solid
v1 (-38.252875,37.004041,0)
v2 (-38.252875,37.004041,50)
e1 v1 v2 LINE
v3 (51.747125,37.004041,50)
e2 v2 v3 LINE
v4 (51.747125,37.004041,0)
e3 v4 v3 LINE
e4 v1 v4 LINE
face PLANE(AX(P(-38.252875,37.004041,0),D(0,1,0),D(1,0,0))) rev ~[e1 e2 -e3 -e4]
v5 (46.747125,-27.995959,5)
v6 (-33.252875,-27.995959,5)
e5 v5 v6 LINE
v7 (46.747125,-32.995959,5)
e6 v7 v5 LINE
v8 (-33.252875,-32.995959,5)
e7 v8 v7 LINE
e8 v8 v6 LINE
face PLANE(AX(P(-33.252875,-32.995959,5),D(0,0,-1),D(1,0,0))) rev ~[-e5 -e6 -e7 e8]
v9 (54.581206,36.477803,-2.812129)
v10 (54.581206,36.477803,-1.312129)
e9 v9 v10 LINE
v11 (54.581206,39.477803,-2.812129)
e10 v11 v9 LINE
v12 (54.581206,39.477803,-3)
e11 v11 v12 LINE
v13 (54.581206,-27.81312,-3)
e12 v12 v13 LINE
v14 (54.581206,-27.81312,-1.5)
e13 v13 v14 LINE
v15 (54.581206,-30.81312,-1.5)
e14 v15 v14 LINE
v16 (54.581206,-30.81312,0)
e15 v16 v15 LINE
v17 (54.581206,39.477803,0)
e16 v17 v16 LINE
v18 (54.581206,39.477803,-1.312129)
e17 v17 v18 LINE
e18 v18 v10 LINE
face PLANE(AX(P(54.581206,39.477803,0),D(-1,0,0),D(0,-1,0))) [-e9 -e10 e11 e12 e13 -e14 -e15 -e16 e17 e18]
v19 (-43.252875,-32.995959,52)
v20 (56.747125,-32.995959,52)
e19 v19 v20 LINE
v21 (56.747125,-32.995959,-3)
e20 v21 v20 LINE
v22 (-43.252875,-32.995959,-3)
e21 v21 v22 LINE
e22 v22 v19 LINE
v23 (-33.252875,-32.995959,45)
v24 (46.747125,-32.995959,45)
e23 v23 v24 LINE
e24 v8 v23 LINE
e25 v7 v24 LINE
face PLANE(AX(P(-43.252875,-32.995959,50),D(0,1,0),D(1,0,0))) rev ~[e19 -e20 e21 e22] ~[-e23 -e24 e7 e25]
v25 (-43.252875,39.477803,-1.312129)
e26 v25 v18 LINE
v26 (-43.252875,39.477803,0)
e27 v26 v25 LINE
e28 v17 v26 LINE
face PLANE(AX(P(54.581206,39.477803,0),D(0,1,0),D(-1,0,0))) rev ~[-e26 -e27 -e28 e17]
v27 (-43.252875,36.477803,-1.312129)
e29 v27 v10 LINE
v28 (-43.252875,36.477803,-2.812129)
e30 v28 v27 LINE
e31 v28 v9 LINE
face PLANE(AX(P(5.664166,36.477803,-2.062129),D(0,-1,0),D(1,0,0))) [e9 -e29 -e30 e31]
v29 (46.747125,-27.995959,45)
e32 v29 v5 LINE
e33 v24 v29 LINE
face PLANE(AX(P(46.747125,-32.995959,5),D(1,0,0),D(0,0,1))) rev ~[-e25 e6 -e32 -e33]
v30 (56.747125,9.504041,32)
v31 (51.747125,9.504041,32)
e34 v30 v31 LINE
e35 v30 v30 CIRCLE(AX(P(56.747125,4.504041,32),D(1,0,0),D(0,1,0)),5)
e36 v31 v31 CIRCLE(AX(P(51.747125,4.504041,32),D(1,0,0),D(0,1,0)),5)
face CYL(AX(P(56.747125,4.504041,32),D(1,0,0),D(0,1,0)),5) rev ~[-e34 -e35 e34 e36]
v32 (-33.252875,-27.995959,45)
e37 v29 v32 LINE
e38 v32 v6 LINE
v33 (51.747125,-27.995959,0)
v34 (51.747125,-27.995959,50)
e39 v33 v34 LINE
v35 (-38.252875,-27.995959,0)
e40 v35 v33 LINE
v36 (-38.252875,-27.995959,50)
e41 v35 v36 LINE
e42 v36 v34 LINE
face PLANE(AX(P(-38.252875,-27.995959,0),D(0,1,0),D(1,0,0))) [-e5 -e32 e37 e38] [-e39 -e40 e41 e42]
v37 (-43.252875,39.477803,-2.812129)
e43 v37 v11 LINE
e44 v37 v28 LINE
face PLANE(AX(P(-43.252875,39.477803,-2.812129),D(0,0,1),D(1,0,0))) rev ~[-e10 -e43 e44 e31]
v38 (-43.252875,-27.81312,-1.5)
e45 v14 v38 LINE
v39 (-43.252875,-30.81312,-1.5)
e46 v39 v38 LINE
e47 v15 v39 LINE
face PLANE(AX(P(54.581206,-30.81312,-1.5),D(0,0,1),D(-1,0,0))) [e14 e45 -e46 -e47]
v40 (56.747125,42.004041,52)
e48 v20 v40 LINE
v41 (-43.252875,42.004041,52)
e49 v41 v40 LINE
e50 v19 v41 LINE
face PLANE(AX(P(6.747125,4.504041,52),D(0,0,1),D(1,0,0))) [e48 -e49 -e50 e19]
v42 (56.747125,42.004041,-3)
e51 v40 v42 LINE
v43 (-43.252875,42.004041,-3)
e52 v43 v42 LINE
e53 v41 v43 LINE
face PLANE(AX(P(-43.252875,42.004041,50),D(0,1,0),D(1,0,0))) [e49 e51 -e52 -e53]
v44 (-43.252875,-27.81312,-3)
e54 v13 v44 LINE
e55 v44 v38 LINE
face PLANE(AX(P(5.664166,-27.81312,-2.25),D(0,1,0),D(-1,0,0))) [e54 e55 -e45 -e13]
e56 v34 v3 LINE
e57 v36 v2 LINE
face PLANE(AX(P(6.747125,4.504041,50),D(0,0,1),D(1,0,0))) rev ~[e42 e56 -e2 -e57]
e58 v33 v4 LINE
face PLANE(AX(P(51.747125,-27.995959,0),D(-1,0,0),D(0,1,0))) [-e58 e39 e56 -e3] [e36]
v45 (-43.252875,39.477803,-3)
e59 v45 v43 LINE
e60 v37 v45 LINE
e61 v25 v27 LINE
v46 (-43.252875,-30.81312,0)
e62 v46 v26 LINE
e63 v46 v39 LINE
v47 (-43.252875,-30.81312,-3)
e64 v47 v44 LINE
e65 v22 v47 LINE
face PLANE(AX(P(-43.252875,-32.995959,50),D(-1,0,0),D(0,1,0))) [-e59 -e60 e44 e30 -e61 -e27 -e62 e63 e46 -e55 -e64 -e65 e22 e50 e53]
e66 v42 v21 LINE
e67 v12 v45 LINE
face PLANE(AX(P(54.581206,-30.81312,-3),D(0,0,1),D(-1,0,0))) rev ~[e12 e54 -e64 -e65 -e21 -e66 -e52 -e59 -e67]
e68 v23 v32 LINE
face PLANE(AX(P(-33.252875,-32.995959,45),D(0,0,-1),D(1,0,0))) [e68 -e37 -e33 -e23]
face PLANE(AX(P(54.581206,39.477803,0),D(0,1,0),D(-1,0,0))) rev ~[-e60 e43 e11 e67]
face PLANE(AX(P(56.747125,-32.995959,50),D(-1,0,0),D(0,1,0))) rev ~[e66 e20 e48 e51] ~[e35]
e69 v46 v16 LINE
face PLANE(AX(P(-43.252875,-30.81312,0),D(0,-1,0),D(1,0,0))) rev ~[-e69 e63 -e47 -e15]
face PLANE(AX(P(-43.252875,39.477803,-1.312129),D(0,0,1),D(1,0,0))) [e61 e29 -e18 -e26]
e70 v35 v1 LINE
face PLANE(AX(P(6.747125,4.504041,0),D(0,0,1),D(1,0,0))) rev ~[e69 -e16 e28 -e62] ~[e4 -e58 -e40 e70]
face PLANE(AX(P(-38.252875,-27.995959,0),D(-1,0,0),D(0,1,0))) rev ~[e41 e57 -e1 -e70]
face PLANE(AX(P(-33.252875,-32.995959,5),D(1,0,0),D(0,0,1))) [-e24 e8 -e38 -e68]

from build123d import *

# Parameters (mm, degrees)
F0_W      = 100
F0_H      = 75
F0_W_2    = 90
F0_H_2    = 65
F1_DEPTH  = 50
F2_W      = 2.1659184247
F2_H      = 70.2909231186
F3_DEPTH  = 3
F5_W      = 97.8340815753
F5_H      = 1.5
F6_DEPTH  = 3
F7_W      = 97.8340815753
F7_H      = 1.5
F8_DEPTH  = 3
F9_W      = 100
F9_H      = 75
F9_W_2    = 90
F9_H_2    = 65
F10_DEPTH = 2
F11_W     = 80
F11_H     = 40
F12_DEPTH = 25
F13_R     = 5
F14_DEPTH = 25


with BuildPart() as f1:
    # F0 (on Top) → F1 (new body)
    with BuildSketch(Plane.XY):
        with Locations((6.7471247166, 4.5040409956)):
            Rectangle(F0_W, F0_H)
        with Locations((6.7471247166, 4.5040409956)):
            Rectangle(F0_W_2, F0_H_2, mode=Mode.SUBTRACT)
    extrude(amount=F1_DEPTH)

    # F2 (on face) → F3 (join)
    with BuildSketch(Plane(origin=(0, 0, 0), x_dir=(1, 0, 0), z_dir=(0, 0, -1))):
        Polygon((56.7471247166, 32.9959590044), (-43.2528752834, 32.9959590044), (-43.2528752834, 30.8131203055), (54.5812062919, 30.8131203055), (56.7471247166, 30.8131203055), align=None)
        with Locations((55.6641655043, -4.3323412538)):
            Rectangle(F2_W, F2_H)
        Polygon((54.5812062919, -39.4778028131), (-43.2528752834, -39.4778028131), (-43.2528752834, -42.0040409956), (56.7471247166, -42.0040409956), (56.7471247166, -39.4778028131), align=None)
    extrude(amount=F3_DEPTH)

    # F5 (on face) → F6 (join)
    with BuildSketch(Plane(origin=(0, -30.8131203055, 0), x_dir=(-1, 0, 0), z_dir=(0, 1, 0))):
        with Locations((-5.6641655043, -2.25)):
            Rectangle(F5_W, F5_H)
    extrude(amount=F6_DEPTH)

    # F7 (on face) → F8 (join)
    with BuildSketch(Plane.XZ.offset(-39.4778028131)):
        with Locations((5.6641655043, -2.0621294)):
            Rectangle(F7_W, F7_H)
    extrude(amount=F8_DEPTH)

    # F9 (on face) → F10 (join)
    with BuildSketch(Plane.XY.offset(50)):
        with Locations((6.7471247166, 4.5040409956)):
            Rectangle(F9_W, F9_H)
        with Locations((6.7471247166, 4.5040409956)):
            Rectangle(F9_W_2, F9_H_2, mode=Mode.SUBTRACT)
        with Locations((6.7471247166, 4.5040409956)):
            Rectangle(F9_W_2, F9_H_2)
    extrude(amount=F10_DEPTH)

    # F11 (on face) → F12 (cut)
    with BuildSketch(Plane.XZ.offset(32.9959590044)):
        with Locations((6.7471247166, 25)):
            Rectangle(F11_W, F11_H)
    extrude(amount=-F12_DEPTH, mode=Mode.SUBTRACT)

    # F13 (on face) → F14 (cut)
    with BuildSketch(Plane.YZ.offset(56.7471247166)):
        with Locations((4.5040409956, 32)):
            Circle(F13_R)
    extrude(amount=-F14_DEPTH, mode=Mode.SUBTRACT)


solid = f1.part
